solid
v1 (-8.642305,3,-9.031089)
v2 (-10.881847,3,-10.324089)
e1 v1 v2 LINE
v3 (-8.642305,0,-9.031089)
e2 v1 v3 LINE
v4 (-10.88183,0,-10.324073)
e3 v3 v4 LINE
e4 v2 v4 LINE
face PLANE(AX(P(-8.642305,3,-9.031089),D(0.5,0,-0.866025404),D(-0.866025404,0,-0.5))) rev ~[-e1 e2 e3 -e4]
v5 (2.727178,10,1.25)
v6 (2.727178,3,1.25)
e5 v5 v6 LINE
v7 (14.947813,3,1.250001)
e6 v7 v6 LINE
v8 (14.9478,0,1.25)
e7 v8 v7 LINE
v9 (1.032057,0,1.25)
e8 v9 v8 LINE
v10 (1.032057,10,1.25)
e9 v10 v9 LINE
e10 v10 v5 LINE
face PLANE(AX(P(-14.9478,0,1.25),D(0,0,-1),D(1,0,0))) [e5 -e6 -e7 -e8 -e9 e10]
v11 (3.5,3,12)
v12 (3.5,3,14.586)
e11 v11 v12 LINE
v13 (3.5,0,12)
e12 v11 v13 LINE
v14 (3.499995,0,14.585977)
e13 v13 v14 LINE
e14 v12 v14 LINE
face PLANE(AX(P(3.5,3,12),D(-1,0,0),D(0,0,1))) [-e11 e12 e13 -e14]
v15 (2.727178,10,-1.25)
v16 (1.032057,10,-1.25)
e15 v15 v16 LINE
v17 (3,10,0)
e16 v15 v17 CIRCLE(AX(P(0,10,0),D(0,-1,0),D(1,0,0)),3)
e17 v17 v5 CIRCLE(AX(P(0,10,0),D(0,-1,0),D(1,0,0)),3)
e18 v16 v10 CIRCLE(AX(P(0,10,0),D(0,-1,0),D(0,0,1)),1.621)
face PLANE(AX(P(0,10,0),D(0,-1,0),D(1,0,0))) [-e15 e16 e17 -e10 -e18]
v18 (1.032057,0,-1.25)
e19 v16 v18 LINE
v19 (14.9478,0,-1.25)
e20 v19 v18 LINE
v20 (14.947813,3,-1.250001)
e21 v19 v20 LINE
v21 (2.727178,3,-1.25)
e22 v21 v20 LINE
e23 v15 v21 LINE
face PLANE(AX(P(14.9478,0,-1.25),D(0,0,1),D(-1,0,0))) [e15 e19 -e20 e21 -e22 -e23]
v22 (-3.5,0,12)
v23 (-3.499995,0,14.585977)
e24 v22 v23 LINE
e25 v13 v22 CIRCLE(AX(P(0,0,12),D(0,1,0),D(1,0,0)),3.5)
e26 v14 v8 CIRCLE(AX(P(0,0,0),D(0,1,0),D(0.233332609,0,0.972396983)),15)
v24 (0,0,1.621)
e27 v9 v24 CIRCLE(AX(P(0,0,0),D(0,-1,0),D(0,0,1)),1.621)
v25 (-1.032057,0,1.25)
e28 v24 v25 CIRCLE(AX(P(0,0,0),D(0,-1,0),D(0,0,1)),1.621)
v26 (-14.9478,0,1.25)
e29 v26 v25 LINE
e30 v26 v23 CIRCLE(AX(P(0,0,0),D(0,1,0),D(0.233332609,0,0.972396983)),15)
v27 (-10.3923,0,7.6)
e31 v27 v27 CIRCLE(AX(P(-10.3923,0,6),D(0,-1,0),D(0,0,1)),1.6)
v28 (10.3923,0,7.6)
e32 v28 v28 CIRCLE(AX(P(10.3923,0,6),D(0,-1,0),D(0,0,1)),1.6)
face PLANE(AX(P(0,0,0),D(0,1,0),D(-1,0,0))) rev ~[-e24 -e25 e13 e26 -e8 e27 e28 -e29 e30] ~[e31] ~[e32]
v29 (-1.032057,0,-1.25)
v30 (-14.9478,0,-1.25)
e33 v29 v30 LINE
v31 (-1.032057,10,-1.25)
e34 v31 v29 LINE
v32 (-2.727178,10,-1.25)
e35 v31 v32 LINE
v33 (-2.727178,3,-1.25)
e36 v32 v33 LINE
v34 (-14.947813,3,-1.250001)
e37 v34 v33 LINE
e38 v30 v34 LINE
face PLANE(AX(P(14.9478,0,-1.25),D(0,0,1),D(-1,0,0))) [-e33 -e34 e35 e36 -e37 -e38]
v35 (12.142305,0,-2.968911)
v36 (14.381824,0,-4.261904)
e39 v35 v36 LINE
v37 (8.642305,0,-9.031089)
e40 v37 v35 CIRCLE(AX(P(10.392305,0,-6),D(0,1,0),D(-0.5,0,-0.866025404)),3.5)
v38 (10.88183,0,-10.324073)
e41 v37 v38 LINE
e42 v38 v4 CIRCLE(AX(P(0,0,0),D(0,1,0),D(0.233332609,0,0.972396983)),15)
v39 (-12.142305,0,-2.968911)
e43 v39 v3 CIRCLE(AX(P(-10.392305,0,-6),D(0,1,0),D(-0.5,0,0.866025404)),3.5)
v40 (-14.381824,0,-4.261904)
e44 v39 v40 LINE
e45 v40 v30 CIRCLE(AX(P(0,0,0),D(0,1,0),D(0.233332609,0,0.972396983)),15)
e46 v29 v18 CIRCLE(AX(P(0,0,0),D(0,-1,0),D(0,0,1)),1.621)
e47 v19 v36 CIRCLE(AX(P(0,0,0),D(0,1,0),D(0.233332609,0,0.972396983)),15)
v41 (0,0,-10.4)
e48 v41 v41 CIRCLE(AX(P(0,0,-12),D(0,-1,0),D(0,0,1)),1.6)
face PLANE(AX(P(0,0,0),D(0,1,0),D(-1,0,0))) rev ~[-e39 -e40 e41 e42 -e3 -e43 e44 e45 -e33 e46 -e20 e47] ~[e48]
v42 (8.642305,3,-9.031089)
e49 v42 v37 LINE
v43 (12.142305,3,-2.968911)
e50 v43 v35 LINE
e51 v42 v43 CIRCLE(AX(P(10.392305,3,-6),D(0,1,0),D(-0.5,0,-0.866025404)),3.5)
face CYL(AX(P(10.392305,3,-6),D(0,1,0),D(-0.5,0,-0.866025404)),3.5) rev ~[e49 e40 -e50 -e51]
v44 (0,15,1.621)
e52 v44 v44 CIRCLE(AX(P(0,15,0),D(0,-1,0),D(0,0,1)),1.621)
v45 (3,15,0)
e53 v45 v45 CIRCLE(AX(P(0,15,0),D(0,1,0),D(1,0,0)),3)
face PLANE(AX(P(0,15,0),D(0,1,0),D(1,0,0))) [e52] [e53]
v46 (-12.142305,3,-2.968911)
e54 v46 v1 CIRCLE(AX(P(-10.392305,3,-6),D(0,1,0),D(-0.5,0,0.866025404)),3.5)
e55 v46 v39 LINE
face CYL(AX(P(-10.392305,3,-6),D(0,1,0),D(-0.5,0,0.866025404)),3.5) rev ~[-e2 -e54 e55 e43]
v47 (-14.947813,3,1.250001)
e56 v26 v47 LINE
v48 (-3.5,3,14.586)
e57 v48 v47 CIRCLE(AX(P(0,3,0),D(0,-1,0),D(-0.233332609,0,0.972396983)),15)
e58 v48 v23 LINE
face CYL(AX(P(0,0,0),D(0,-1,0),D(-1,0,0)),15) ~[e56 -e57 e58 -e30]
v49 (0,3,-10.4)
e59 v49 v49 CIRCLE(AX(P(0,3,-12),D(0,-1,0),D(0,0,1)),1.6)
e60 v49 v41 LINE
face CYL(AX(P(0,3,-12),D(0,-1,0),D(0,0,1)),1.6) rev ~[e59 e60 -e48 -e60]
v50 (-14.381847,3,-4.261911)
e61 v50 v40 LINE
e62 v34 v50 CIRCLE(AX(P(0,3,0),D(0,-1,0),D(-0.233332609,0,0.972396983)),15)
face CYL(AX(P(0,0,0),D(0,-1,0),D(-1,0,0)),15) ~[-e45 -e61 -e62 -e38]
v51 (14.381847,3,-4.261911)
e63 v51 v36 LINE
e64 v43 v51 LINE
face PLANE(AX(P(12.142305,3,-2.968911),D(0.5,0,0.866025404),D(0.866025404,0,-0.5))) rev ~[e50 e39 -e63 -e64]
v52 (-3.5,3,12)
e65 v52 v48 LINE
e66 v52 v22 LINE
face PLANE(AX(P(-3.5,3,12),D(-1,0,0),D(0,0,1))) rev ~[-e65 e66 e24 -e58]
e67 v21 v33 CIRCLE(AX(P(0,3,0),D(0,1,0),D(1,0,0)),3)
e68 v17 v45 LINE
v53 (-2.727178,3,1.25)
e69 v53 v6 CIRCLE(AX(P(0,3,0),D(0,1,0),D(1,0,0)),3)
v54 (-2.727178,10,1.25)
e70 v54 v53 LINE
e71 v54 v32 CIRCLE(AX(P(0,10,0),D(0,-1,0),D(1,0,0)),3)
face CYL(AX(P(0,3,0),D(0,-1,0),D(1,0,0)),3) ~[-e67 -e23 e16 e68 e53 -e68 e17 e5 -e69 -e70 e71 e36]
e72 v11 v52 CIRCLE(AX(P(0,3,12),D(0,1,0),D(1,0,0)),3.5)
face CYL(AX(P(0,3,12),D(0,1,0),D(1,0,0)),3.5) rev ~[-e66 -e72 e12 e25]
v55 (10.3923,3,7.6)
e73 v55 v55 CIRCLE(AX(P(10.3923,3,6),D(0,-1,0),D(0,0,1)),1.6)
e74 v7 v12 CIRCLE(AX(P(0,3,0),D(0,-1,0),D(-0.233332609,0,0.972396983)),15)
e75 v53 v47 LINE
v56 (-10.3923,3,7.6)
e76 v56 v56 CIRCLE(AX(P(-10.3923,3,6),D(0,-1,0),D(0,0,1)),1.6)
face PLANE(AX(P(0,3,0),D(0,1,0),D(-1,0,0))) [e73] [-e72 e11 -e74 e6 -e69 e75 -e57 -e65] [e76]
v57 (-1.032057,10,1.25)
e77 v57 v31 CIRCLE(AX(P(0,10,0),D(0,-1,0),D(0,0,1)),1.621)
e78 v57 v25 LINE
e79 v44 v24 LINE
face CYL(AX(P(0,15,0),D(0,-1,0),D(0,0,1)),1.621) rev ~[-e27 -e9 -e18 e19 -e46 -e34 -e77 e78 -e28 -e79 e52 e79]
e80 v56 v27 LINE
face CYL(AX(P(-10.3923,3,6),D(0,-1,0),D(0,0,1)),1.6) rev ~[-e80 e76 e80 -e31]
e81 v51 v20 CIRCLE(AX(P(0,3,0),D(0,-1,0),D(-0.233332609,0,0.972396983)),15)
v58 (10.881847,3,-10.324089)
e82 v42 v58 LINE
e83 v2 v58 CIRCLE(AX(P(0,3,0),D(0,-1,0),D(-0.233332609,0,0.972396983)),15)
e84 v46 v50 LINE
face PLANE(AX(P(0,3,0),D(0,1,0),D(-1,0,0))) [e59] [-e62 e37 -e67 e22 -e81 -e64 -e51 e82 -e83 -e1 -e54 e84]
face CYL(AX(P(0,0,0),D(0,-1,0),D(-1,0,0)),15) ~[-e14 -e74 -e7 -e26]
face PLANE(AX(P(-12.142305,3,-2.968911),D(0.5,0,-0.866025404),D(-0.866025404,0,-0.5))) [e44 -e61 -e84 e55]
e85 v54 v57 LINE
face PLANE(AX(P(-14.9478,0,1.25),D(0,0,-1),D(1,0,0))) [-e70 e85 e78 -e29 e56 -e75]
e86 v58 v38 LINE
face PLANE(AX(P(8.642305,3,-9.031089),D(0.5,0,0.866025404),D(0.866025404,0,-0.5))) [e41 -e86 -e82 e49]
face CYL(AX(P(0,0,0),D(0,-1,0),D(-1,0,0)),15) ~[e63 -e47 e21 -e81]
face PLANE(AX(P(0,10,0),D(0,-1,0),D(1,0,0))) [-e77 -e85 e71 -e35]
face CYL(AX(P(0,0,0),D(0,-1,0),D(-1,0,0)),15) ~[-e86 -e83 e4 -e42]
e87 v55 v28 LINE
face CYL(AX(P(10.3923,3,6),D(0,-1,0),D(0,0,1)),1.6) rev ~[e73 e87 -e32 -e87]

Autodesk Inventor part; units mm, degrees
ref_plane "YZ Plane" through (0, 0, 0) normal (1, 0, 0) x (0, 1, 0)
ref_plane "XZ Plane" through (0, 0, 0) normal (0, 1, 0) x (-1, 0, 0)
ref_plane "XY Plane" through (0, 0, 0) normal (0, 0, 1) x (1, 0, 0)
sketch "Sketch1" plane through (0, 0, 0) normal (0, 1, 0) x (-1, 0, 0)
  circle A0 centre (0, 0) radius 15
  dimension "d0" = 30
extrude "Extrusion1" add sketch "Sketch1" along normal blind 3
sketch "Sketch2" plane through (0, 3, 0) normal (0, 1, 0) x (1, 0, 0)
  circle A0 centre (0, 0) radius 12 construction
  point P0 (0, 12)
  point P1 (-10.3923, -6)
  point P2 (10.3923, -6)
  dimension "d3" = 24
  dimension "d4" = 120
hole "Hole1" at (0, 3, -12) at (-10.3923, 3, 6) at (10.3923, 3, 6) direction (0, -1, 0) diameter 3.2 end through all
sketch "Sketch4" plane through (0, 3, 0) normal (0, 1, 0) x (1, 0, 0)
  circle A0 centre (0, -12) radius 3.5
  circle A1 centre (0, 0) radius 15 projected
  arc A2 (-3.5, -14.586) -> (3.5, -14.586) centre (0, 0) ccw
  line L0 (3.5, -12) -> (3.5, -14.586)
  line L1 (-3.5, -12) -> (-3.5, -14.586)
  dimension "d12" = 7
  dimension "d13" = 12
extrude "Extrusion2" cut sketch "Sketch4" against normal through all contours A0 A1 | L0 A1 A0 | A0 A1 L1 picked at (0.1406, -12.8318)
pattern_circular "Circular Pattern1" count 3 over 360 about axis through (0, 0, 0) along (0, 1, 0) of "Extrusion2"
sketch "Sketch6" plane through (0, 3, 0) normal (0, 1, 0) x (1, 0, 0)
  circle A0 centre (0, 0) radius 3
  dimension "d24" = 6
extrude "Extrusion4" add sketch "Sketch6" along normal blind 12
sketch "Sketch7" plane through (0, 0, 0) normal (0, -1, 0) x (1, 0, 0)
  line L0 (-1.5, 0) -> (63.9289, 0) construction
  line L1 (0, -1.5) -> (62.4289, -1.5)
  line L2 (62.4289, 1.5) -> (0, 1.5)
  arc A0 (0, 1.5) -> (0, -1.5) centre (0, 0) ccw
  arc A1 (62.4289, -1.5) -> (62.4289, 1.5) centre (62.4289, 0) ccw
  point P0 (31.2144, 0)
  dimension "d27" = 3
extrude "Extrusion5" [suppressed]
sketch "Sketch8" plane through (0, 15, 0) normal (0, 1, 0) x (1, 0, 0)
  point P0 (0, 0)
  point P1 (0, 0)
hole "Hole2" at (0, 15, 0) direction (0, -1, 0) diameter 3.242 end through all thread size "M4x0.7" class "6H" standard "ANSI Metric M Profile"
sketch "Sketch9" plane through (0, 0, 0) normal (0, -1, 0) x (1, 0, 0)
  arc A0 (12.1423, -2.9689) -> (8.6423, -9.0311) centre (10.3923, -6) ccw projected
  line L0 (0, 0) -> (10.3923, -6) construction
  line L1 (0, 0) -> (9.8835, -17.1187) construction
  line L2 (0, 0) -> (17.8778, 0) construction
  line L3 (19.4334, 1) -> (1.2758, 1)
  circle A1 centre (0, 0) radius 1.621 projected
  line L4 (-0.2281, -1.6049) -> (7.499, -14.9886)
  arc A2 (-10.8818, -10.3241) -> (10.8818, -10.3241) centre (0, 0) ccw projected
  arc A3 (14.3818, -4.2619) -> (3.5, 14.586) centre (0, 0) ccw projected
  arc A4 (6.6173, -13.4615) -> (14.9666, 1) centre (0, 0) ccw
  point P0 (10.8818, -10.3241)
  point P1 (14.3818, -4.2619)
  dimension "d37" = 30
  dimension "d38" = 30
  dimension "d39" = 1
  dimension "d40" = 1
extrude "Extrusion6" [suppressed]
fillet "Fillet1" [suppressed]
sketch "Sketch10" plane through (0, 0, 0) normal (0, -1, 0) x (1, 0, 0)
  arc A0 (14.3818, -4.2619) -> (3.5, 14.586) centre (0, 0) ccw projected
  line L0 (14.9478, -1.25) -> (-14.9478, -1.25)
  arc A1 (-3.5, 14.586) -> (-14.3818, -4.2619) centre (0, 0) ccw projected
  line L1 (-14.9478, 1.25) -> (14.9478, 1.25)
  arc A2 (-3.5, 14.586) -> (-14.3818, -4.2619) centre (0, 0) ccw projected
  arc A3 (14.9478, -1.25) -> (14.9478, 1.25) centre (0, 0) ccw
  arc A4 (-14.9478, 1.25) -> (-14.9478, -1.25) centre (0, 0) ccw
  dimension "d44" = 1.25
  dimension "d45" = 1.25
extrude "Extrusion7" cut sketch "Sketch10" against normal blind 10
equation "\"d38\" = d37"
equation "\"d40\" = d39"
equation "\"d45\" = d44"
properties part number "torsosc-support-flange-bottom-v2" material "Copper"
